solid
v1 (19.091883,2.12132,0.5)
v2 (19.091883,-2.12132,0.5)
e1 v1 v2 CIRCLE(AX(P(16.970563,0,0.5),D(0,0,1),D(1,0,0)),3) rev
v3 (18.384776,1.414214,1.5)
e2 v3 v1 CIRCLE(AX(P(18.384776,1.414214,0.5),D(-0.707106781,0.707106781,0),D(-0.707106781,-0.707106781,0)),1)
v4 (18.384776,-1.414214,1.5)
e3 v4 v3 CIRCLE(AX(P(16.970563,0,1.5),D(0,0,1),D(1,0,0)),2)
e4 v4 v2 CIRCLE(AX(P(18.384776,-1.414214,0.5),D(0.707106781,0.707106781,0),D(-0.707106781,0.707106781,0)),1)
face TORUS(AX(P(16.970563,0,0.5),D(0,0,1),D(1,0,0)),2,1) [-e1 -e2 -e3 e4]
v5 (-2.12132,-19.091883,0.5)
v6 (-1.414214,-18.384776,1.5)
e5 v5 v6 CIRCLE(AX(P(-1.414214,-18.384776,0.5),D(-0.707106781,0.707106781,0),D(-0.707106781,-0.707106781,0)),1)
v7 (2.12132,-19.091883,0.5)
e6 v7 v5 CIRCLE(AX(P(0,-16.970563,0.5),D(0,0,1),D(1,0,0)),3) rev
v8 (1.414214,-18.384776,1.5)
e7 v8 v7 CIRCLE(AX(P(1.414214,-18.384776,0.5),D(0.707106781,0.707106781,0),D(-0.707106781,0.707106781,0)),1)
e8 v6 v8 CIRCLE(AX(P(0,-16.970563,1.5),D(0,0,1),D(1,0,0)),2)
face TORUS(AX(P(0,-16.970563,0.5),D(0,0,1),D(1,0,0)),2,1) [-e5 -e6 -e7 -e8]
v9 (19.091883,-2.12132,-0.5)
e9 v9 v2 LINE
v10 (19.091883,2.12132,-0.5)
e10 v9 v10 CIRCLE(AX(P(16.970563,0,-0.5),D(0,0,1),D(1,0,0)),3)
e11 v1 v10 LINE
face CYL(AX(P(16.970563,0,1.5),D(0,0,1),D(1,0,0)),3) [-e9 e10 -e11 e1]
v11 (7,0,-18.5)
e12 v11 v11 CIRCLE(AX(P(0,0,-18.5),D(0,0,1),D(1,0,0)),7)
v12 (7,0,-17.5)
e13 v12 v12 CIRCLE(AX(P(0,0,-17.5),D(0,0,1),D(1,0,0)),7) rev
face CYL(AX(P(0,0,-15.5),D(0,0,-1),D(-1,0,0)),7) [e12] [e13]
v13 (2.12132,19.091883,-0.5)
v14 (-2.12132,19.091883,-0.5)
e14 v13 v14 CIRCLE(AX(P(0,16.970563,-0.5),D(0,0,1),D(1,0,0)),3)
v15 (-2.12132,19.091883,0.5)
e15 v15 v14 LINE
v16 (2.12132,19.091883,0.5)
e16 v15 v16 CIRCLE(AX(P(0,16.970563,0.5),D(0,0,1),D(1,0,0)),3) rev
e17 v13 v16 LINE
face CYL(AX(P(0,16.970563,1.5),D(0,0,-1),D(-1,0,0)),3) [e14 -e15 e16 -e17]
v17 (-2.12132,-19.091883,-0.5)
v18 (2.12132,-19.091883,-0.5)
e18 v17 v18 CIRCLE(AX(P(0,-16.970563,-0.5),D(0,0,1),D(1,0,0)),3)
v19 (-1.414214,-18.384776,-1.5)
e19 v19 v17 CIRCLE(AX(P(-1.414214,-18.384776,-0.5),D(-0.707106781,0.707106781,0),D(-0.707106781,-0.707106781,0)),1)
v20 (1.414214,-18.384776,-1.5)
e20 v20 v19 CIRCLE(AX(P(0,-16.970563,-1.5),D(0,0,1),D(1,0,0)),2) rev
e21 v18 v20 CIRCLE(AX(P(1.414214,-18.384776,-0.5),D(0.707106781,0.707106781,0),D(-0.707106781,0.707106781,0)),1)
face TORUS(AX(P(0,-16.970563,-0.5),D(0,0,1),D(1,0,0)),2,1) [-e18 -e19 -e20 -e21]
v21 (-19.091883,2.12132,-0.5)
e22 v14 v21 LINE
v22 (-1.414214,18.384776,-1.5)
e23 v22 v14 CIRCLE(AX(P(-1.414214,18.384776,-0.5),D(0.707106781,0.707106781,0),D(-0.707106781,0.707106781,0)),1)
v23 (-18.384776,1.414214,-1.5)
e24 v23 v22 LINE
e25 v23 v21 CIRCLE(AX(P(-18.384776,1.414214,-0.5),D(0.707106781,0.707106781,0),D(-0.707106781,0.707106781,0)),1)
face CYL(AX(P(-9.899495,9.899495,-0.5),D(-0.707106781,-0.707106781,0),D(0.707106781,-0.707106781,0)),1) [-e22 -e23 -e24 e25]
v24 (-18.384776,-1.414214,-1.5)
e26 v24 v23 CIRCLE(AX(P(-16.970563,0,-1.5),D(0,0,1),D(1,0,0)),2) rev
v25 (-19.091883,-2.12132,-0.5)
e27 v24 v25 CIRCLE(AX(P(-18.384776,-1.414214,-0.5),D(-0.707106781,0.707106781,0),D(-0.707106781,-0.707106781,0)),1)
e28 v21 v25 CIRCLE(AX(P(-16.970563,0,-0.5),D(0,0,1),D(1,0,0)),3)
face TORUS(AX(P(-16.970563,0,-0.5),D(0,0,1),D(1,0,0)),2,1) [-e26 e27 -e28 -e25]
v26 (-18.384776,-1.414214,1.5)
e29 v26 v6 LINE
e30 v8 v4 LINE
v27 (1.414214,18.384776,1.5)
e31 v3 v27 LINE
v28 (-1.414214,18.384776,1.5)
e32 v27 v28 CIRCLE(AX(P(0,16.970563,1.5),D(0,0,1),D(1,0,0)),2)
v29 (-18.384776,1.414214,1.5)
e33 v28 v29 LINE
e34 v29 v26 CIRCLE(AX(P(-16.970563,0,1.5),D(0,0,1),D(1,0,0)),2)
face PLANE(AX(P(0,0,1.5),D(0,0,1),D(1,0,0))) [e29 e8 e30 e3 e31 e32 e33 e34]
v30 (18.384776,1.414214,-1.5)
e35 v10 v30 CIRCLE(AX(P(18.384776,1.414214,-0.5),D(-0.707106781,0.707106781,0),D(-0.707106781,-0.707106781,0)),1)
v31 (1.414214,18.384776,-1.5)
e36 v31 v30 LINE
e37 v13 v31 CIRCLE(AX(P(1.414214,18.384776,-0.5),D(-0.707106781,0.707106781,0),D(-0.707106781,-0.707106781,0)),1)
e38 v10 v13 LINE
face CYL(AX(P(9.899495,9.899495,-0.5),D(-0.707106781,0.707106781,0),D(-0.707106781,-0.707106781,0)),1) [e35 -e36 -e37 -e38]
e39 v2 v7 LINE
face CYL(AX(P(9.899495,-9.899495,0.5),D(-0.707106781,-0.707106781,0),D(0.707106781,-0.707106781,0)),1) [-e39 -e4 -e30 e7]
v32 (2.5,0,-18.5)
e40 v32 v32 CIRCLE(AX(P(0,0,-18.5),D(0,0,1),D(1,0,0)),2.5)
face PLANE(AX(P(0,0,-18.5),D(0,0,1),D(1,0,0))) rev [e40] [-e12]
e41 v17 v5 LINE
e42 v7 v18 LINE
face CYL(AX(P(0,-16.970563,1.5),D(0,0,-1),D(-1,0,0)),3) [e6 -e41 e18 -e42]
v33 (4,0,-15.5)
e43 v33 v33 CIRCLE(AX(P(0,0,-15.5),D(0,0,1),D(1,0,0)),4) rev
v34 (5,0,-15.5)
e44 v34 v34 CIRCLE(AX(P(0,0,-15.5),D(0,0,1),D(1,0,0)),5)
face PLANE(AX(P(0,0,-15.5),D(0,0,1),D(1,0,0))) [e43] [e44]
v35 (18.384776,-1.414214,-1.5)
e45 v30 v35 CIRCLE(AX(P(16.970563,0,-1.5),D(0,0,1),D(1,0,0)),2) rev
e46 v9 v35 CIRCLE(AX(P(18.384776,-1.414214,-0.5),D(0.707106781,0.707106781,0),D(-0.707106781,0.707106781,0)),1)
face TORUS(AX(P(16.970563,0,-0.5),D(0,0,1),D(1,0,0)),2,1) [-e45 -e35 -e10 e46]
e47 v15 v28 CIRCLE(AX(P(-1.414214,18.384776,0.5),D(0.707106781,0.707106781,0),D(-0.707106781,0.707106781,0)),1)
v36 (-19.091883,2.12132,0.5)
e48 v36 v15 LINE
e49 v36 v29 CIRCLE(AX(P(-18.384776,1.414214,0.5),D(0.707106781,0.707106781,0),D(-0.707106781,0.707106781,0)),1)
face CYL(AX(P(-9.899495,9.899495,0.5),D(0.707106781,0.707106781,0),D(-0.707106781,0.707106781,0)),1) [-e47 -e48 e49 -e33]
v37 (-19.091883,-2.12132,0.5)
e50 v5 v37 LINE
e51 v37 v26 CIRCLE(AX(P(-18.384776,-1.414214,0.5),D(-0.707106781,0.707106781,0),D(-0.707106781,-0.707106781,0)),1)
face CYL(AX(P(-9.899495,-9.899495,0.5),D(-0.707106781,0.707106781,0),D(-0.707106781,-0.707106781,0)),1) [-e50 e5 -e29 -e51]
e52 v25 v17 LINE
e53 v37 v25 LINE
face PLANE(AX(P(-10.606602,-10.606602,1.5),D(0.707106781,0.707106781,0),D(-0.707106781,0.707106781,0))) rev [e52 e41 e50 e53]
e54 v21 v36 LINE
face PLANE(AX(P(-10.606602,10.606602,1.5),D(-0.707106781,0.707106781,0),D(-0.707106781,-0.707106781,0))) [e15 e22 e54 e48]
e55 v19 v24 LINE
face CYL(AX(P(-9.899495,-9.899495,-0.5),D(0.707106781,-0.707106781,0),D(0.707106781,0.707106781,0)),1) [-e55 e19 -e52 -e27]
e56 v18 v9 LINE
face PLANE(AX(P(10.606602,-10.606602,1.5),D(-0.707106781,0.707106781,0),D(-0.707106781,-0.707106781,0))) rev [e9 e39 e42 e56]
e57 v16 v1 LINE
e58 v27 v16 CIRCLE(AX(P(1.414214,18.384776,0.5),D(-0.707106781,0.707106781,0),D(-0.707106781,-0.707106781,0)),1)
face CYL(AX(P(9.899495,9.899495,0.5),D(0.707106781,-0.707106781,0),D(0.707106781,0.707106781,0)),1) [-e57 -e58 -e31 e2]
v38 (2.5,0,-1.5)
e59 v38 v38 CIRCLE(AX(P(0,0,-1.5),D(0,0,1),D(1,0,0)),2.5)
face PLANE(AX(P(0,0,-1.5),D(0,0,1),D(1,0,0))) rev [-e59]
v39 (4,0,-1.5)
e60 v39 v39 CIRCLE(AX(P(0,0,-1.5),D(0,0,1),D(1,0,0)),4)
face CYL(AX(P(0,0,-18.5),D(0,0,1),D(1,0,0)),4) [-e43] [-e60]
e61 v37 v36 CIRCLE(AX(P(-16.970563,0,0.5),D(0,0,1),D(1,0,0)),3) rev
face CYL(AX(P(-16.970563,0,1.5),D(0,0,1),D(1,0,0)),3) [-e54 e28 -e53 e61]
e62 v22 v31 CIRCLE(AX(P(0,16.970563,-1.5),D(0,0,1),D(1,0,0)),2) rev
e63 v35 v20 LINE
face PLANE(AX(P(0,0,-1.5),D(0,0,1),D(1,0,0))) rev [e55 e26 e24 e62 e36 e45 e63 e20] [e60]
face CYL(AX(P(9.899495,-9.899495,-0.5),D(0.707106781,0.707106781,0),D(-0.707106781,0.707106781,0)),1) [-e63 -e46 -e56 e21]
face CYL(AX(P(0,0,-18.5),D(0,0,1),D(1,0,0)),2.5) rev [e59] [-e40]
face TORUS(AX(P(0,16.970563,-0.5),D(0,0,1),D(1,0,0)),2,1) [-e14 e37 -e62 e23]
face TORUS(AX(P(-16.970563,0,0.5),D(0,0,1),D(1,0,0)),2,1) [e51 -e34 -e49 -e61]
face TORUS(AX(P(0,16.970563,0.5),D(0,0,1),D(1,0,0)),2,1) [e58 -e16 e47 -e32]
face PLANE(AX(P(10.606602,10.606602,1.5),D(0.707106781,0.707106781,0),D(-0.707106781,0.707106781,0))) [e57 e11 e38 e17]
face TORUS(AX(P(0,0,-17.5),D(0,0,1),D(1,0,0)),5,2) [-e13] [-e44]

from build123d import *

# Parameters (mm, degrees)
BOSS_EXTRUDE1_DEPTH = 1.5
FILLET1_R           = 3
FILLET3_R           = 1
BOSS_EXTRUDE2_START = -1.5
SKETCH1_3_R         = 4
SKETCH1_3_R_2       = 2.5
BOSS_EXTRUDE2_DEPTH = 17
BOSS_EXTRUDE3_START = -15.5
SKETCH1_4_R         = 7
SKETCH1_4_R_2       = 4
BOSS_EXTRUDE3_DEPTH = 3
FILLET4_R           = 2


with BuildPart() as part:
    # Sketch1 → Boss-Extrude1 (new, symmetric)
    with BuildSketch(Plane.XY):
        Polygon((-21.213203436, 0), (0, 21.213203436), (21.213203436, 0), (0, -21.213203436), align=None)
    extrude(amount=BOSS_EXTRUDE1_DEPTH, both=True)

    # Fillet1
    fillet1_edges = [part.edges().sort_by_distance(p)[0] for p in [
        (-21.213203436, 0, 0),
        (0, 21.213203436, 0),
        (21.213203436, 0, 0),
        (0, -21.213203436, 0),
    ]]
    fillet(fillet1_edges, radius=FILLET1_R)

    # Fillet3
    fillet3_edges = [part.edges().sort_by_distance(p)[0] for p in [
        (-10.606601718, -10.606601718, -1.5),
        (-10.606601718, -10.606601718, 1.5),
        (-10.606601718, 10.606601718, -1.5),
        (10.606601718, 10.606601718, -1.5),
        (10.606601718, -10.606601718, -1.5),
        (0, 19.970562748, -1.5),
        (0, -19.970562748, -1.5),
        (19.970562748, 0, -1.5),
        (-19.970562748, 0, -1.5),
        (-10.606601718, 10.606601718, 1.5),
        (10.606601718, -10.606601718, 1.5),
        (10.606601718, 10.606601718, 1.5),
        (0, 19.970562748, 1.5),
        (0, -19.970562748, 1.5),
        (19.970562748, 0, 1.5),
        (-19.970562748, 0, 1.5),
    ]]
    fillet(fillet3_edges, radius=FILLET3_R)

    # Sketch1<3> → Boss-Extrude2 (add)
    with BuildSketch(Plane.XY.offset(BOSS_EXTRUDE2_START)):
        Circle(SKETCH1_3_R)
        Circle(SKETCH1_3_R_2, mode=Mode.SUBTRACT)
    extrude(amount=-BOSS_EXTRUDE2_DEPTH)

    # Sketch1<4> → Boss-Extrude3 (add)
    with BuildSketch(Plane.XY.offset(BOSS_EXTRUDE3_START)):
        Circle(SKETCH1_4_R)
        Circle(SKETCH1_4_R_2, mode=Mode.SUBTRACT)
    extrude(amount=-BOSS_EXTRUDE3_DEPTH)

    # Fillet4
    fillet4_edges = [part.edges().sort_by_distance(p)[0] for p in [
        (-7, 0, -15.5),
    ]]
    fillet(fillet4_edges, radius=FILLET4_R)


solid = part.part
